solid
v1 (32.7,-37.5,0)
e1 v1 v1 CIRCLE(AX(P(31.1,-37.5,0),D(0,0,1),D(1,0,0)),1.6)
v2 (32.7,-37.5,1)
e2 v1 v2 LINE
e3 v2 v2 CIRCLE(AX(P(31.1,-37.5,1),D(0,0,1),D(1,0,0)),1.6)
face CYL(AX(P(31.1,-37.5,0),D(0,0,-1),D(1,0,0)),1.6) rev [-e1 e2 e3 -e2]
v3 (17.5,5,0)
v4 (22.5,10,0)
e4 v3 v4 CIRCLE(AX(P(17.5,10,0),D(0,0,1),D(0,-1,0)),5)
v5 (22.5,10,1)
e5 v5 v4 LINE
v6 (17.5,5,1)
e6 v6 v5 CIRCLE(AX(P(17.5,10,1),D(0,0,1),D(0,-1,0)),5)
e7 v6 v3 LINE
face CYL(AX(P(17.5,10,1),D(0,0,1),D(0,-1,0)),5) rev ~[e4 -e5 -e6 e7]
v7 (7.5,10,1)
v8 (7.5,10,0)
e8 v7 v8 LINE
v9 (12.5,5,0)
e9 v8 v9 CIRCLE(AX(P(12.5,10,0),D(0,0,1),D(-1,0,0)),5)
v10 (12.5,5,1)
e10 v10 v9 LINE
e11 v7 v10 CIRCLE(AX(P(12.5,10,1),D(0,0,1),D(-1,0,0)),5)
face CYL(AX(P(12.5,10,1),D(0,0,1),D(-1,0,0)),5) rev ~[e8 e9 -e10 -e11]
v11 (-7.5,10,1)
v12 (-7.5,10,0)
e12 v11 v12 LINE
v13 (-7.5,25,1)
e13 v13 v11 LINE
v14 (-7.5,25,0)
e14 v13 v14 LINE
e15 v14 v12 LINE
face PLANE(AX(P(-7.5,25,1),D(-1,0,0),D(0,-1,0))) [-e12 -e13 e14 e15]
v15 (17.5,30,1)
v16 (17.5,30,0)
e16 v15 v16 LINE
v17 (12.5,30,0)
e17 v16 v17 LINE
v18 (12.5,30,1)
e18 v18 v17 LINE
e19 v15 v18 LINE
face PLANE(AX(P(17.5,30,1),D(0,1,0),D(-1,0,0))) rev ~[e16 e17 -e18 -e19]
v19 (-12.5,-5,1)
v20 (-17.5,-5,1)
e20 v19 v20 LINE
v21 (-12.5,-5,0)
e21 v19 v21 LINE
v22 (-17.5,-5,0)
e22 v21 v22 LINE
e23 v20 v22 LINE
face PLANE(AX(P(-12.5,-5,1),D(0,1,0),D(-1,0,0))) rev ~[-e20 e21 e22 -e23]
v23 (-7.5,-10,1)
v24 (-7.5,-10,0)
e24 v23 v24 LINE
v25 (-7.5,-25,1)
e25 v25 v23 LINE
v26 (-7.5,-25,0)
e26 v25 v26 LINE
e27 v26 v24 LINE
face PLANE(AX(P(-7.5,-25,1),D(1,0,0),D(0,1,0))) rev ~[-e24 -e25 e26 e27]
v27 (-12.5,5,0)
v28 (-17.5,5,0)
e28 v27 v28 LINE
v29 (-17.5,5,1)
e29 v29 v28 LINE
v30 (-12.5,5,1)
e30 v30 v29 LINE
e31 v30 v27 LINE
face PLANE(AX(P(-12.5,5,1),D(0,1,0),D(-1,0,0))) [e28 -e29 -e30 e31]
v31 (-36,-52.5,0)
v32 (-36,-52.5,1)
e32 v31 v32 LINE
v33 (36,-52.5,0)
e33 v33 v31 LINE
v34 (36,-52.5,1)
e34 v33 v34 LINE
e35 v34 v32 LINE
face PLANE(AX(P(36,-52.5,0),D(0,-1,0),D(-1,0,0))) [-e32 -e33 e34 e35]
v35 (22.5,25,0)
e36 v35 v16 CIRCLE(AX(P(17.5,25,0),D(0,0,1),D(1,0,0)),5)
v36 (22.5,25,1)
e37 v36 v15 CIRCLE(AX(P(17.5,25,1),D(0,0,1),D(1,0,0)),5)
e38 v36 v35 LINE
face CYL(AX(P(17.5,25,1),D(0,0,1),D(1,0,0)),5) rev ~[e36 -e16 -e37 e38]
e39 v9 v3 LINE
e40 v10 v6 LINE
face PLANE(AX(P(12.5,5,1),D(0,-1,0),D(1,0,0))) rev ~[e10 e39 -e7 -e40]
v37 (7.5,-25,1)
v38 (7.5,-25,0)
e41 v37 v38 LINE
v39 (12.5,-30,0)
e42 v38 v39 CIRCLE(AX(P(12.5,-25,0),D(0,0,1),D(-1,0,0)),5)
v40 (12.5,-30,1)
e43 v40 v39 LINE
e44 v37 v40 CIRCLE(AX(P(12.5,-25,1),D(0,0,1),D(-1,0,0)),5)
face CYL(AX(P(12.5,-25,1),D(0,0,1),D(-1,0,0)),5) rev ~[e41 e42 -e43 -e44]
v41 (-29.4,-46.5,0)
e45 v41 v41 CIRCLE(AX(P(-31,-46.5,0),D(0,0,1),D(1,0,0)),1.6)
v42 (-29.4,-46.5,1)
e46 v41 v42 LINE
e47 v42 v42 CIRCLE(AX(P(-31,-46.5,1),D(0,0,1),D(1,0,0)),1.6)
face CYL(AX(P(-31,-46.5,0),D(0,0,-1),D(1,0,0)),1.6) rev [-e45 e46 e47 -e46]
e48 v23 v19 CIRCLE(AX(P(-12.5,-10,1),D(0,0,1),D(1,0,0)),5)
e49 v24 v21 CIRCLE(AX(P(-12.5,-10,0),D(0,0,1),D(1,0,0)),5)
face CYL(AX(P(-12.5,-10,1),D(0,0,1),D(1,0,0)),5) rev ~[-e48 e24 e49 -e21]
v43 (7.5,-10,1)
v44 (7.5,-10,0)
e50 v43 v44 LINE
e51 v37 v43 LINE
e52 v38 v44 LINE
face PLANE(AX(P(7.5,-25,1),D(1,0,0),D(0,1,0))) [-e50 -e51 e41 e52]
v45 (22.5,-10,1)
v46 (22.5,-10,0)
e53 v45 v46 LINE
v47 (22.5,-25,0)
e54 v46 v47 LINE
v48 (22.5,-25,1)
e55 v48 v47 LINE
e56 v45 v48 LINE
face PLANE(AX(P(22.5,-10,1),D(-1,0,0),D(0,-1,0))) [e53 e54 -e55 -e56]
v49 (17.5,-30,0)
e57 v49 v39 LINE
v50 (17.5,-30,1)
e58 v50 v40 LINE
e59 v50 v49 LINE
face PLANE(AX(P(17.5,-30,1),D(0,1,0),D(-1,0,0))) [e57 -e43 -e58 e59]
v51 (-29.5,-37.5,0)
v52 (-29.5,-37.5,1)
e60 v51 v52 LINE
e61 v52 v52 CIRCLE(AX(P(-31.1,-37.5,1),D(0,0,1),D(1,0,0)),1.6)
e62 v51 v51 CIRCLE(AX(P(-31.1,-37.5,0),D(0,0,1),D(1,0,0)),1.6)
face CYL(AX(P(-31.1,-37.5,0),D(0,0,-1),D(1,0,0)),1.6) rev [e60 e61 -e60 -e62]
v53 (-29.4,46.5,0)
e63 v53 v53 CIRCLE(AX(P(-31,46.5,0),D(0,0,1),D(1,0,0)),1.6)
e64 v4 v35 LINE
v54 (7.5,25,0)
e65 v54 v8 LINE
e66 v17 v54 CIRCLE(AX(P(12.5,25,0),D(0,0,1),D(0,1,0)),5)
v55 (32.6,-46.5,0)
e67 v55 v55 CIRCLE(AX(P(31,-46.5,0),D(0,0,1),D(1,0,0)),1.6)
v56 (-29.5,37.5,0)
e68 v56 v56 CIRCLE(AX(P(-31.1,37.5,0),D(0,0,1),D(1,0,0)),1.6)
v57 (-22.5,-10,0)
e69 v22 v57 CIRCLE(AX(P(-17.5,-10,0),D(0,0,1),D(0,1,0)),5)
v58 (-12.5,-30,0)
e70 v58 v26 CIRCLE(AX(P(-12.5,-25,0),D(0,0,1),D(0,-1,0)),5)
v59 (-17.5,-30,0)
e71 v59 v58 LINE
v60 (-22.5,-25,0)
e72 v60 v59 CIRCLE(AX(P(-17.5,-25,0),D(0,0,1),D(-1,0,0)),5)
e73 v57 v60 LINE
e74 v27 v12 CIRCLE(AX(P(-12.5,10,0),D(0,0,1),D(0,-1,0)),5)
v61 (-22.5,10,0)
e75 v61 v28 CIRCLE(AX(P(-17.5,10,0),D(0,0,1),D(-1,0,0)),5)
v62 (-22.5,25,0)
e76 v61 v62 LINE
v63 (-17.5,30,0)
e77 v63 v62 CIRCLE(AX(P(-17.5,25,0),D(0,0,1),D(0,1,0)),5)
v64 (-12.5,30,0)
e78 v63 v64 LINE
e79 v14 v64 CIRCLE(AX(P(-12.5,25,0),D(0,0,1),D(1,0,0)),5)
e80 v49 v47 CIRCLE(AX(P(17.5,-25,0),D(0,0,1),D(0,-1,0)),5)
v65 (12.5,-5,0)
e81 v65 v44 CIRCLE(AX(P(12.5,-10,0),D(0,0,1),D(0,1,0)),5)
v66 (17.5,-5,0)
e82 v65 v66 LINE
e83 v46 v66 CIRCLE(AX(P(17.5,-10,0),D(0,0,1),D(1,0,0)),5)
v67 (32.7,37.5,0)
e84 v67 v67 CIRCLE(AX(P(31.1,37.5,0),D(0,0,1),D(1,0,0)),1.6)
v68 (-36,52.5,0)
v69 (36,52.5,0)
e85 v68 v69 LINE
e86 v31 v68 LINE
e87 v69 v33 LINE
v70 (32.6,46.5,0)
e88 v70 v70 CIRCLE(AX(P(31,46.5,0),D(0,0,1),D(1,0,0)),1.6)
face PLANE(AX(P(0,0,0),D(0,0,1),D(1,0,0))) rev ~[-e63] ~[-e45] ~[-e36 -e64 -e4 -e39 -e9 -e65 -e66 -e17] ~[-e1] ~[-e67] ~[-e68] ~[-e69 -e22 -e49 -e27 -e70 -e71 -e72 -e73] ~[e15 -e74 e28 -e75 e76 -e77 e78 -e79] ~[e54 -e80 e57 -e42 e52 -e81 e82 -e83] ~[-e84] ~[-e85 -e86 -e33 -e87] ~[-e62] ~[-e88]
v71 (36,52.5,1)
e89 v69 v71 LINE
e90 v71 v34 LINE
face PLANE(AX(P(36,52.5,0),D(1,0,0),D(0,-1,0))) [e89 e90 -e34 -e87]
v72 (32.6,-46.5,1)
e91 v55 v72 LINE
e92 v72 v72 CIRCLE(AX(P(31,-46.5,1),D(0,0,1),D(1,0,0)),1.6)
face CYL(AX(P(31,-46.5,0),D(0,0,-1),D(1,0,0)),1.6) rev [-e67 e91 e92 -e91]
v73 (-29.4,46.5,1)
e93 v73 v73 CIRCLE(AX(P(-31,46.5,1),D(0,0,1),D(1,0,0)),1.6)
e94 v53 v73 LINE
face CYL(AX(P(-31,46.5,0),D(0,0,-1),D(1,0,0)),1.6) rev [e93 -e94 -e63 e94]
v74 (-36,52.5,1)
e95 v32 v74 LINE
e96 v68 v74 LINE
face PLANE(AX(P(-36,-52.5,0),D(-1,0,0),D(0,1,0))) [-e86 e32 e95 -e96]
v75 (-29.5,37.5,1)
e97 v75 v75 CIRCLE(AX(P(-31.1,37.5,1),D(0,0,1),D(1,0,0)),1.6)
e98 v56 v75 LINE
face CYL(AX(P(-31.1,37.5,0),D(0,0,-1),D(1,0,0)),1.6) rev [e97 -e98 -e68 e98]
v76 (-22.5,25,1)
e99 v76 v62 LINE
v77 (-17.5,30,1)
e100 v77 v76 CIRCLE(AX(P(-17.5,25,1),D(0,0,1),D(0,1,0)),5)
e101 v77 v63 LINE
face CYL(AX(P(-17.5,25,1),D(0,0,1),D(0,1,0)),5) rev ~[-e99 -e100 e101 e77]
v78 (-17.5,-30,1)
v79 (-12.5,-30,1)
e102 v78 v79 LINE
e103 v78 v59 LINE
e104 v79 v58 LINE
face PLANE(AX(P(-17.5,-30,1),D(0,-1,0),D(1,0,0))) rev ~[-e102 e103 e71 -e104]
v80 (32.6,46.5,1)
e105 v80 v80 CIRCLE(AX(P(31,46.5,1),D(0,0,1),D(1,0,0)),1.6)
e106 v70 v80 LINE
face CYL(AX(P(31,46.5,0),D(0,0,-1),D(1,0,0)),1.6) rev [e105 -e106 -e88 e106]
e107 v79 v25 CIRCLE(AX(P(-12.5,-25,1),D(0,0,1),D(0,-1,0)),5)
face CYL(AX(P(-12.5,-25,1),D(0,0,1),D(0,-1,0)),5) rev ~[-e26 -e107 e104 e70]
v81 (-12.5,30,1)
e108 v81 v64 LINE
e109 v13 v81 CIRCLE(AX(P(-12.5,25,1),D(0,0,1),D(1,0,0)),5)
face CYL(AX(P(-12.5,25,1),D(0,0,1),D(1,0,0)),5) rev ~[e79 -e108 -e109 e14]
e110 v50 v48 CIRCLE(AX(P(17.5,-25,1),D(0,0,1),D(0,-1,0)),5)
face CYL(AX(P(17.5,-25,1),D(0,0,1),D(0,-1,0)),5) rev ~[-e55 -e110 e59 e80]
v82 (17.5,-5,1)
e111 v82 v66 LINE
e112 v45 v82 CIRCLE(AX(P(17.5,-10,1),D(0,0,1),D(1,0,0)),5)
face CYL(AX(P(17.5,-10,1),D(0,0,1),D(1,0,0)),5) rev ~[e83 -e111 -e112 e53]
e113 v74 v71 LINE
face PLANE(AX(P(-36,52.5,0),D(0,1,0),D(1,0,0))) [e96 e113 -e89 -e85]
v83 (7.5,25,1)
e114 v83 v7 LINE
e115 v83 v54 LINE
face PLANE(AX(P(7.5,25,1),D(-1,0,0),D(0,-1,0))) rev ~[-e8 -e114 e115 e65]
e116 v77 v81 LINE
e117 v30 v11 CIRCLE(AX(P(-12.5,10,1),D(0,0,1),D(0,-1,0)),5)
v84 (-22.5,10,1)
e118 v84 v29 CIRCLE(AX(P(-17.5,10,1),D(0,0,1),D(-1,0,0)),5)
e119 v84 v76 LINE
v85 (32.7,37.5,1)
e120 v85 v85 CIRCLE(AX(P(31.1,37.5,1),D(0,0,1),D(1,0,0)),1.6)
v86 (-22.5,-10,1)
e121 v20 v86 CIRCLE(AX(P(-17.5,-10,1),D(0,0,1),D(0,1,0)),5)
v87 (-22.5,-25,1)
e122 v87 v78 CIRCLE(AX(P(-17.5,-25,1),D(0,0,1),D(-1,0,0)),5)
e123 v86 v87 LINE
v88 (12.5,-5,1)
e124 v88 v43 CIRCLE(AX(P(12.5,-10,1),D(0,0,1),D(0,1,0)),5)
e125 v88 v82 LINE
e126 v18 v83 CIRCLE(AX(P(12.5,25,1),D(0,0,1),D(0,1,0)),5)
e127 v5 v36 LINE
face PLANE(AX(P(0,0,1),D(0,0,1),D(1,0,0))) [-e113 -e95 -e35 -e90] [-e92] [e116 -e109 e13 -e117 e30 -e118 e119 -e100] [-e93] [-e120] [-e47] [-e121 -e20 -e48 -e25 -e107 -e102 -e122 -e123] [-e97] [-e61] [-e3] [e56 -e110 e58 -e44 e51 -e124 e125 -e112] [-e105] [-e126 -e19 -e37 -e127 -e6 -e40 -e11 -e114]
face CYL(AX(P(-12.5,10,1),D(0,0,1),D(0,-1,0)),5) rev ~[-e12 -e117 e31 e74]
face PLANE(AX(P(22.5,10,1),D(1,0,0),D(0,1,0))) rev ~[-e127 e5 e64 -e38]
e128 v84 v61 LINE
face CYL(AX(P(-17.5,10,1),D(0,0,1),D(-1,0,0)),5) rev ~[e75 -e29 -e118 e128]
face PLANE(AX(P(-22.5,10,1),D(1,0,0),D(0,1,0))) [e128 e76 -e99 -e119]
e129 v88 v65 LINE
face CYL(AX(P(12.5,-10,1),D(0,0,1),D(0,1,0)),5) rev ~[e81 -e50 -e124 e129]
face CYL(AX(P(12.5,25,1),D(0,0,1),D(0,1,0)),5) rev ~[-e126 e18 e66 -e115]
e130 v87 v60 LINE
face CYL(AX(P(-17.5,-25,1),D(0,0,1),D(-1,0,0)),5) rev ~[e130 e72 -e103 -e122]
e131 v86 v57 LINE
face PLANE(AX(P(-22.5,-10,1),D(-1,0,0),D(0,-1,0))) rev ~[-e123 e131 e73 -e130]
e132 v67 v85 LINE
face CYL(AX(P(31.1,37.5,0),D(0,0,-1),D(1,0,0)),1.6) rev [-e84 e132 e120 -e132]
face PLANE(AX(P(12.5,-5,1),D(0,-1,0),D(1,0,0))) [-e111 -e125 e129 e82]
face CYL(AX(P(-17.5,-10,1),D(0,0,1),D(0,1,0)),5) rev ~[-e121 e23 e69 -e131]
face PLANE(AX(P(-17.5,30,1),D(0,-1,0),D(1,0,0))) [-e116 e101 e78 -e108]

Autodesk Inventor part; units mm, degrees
ref_plane "YZ Plane" through (0, 0, 0) normal (1, 0, 0) x (0, 1, 0)
ref_plane "XZ Plane" through (0, 0, 0) normal (0, 1, 0) x (-1, 0, 0)
ref_plane "XY Plane" through (0, 0, 0) normal (0, 0, 1) x (1, 0, 0)
sketch "Sketch1" plane through (0, 0, 0) normal (0, 0, 1) x (1, 0, 0)
  line L0 (-36, 52.5) -> (36, 52.5)
  line L1 (36, 52.5) -> (36, -52.5)
  line L2 (36, -52.5) -> (-36, -52.5)
  line L3 (-36, -52.5) -> (-36, 52.5)
  line L4 (-36, 52.5) -> (36, -52.5) construction
  line L5 (36, 52.5) -> (-36, -52.5) construction
  circle A0 centre (31.1, -37.5) radius 1.6
  line L6 (0, 0) -> (12.8976, 0)
  line L7 (0, 0) -> (0, 11.3109)
  circle A1 centre (-31.1, -37.5) radius 1.6
  circle A2 centre (31.1, 37.5) radius 1.6
  circle A3 centre (-31.1, 37.5) radius 1.6
  circle A4 centre (-31, -46.5) radius 1.6
  circle A5 centre (-31, 46.5) radius 1.6
  circle A6 centre (31, -46.5) radius 1.6
  circle A7 centre (31, 46.5) radius 1.6
  dimension "d0" = 72
  dimension "d1" = 105
  dimension "d2" = 3.2
  dimension "d3" = 4.9
  dimension "d4" = 15
  dimension "d6" = 3.2
  dimension "d7" = 6
  dimension "d8" = 5
extrude "Plate1" add sketch "Sketch1" along normal blind 1
sketch "Sketch2" plane through (0, 0, 1) normal (0, 0, 1) x (1, 0, 0)
  line L0 (-17.5, 30) -> (-12.5, 30)
  line L1 (-7.5, 25) -> (-7.5, 10)
  line L2 (-12.5, 5) -> (-17.5, 5)
  line L3 (-22.5, 10) -> (-22.5, 25)
  line L4 (-22.5, 30) -> (-7.5, 5) construction
  line L5 (-7.5, 30) -> (-22.5, 5) construction
  line L6 (-28.3073, 0) -> (28.3073, 0)
  line L7 (0, 37.5) -> (0, -37.5)
  arc A0 (-17.5, 30) -> (-22.5, 25) centre (-17.5, 25) ccw
  arc A1 (-7.5, 25) -> (-12.5, 30) centre (-12.5, 25) ccw
  arc A2 (-12.5, 5) -> (-7.5, 10) centre (-12.5, 10) ccw
  arc A3 (-22.5, 10) -> (-17.5, 5) centre (-17.5, 10) ccw
  line L8 (17.5, 30) -> (12.5, 30)
  line L9 (7.5, 25) -> (7.5, 10)
  line L10 (12.5, 5) -> (17.5, 5)
  line L11 (22.5, 10) -> (22.5, 25)
  line L12 (22.5, 30) -> (7.5, 5) construction
  line L13 (7.5, 30) -> (22.5, 5) construction
  arc A4 (22.5, 25) -> (17.5, 30) centre (17.5, 25) ccw
  arc A5 (12.5, 30) -> (7.5, 25) centre (12.5, 25) ccw
  arc A6 (7.5, 10) -> (12.5, 5) centre (12.5, 10) ccw
  arc A7 (17.5, 5) -> (22.5, 10) centre (17.5, 10) ccw
  line L14 (-17.5, -30) -> (-12.5, -30)
  line L15 (-7.5, -25) -> (-7.5, -10)
  line L16 (-12.5, -5) -> (-17.5, -5)
  line L17 (-22.5, -10) -> (-22.5, -25)
  line L18 (-22.5, -30) -> (-7.5, -5) construction
  line L19 (-7.5, -30) -> (-22.5, -5) construction
  arc A8 (-22.5, -25) -> (-17.5, -30) centre (-17.5, -25) ccw
  arc A9 (-12.5, -30) -> (-7.5, -25) centre (-12.5, -25) ccw
  arc A10 (-7.5, -10) -> (-12.5, -5) centre (-12.5, -10) ccw
  arc A11 (-17.5, -5) -> (-22.5, -10) centre (-17.5, -10) ccw
  arc A12 (7.5, -25) -> (12.5, -30) centre (12.5, -25) ccw
  line L20 (7.5, -25) -> (7.5, -10)
  line L21 (17.5, -30) -> (12.5, -30)
  arc A13 (17.5, -30) -> (22.5, -25) centre (17.5, -25) ccw
  arc A14 (12.5, -5) -> (7.5, -10) centre (12.5, -10) ccw
  line L22 (22.5, -10) -> (22.5, -25)
  arc A15 (22.5, -10) -> (17.5, -5) centre (17.5, -10) ccw
  line L23 (7.5, -30) -> (22.5, -5) construction
  line L24 (22.5, -30) -> (7.5, -5) construction
  line L25 (12.5, -5) -> (17.5, -5)
  point P0 (0, 0)
  point P1 (-15, 17.5)
  point P2 (0, 0)
  point P3 (15, 17.5)
  point P4 (-15, -17.5)
  point P5 (15, -17.5)
  dimension "d9" = 15
  dimension "d10" = 25
  dimension "d12" = 10
  dimension "d13" = 15
  dimension "d14" = 5
extrude "Cut1" cut sketch "Sketch2" against normal blind 1
equation "\"d15\" = 厚度"
equation "\"d5\" = 厚度"
equation "\"折彎半徑\" = 厚度"
equation "\"折彎離隙寬度\" = 厚度"
equation "\"折彎離隙深度\" = 0.5 * 厚度"
equation "\"轉角離隙大小\" = 4 * 厚度"
equation "\"最小剩餘\" = 2 * 厚度"
equation "\"轉移半徑\" = 折彎半徑"
equation "\"Jacobi半徑大小\" = 折彎半徑"
equation "\"間隙大小\" = 厚度"
equation "\"厚度\" = 1"
properties part number "battery_box_24V_side1" material "Aluminum"
